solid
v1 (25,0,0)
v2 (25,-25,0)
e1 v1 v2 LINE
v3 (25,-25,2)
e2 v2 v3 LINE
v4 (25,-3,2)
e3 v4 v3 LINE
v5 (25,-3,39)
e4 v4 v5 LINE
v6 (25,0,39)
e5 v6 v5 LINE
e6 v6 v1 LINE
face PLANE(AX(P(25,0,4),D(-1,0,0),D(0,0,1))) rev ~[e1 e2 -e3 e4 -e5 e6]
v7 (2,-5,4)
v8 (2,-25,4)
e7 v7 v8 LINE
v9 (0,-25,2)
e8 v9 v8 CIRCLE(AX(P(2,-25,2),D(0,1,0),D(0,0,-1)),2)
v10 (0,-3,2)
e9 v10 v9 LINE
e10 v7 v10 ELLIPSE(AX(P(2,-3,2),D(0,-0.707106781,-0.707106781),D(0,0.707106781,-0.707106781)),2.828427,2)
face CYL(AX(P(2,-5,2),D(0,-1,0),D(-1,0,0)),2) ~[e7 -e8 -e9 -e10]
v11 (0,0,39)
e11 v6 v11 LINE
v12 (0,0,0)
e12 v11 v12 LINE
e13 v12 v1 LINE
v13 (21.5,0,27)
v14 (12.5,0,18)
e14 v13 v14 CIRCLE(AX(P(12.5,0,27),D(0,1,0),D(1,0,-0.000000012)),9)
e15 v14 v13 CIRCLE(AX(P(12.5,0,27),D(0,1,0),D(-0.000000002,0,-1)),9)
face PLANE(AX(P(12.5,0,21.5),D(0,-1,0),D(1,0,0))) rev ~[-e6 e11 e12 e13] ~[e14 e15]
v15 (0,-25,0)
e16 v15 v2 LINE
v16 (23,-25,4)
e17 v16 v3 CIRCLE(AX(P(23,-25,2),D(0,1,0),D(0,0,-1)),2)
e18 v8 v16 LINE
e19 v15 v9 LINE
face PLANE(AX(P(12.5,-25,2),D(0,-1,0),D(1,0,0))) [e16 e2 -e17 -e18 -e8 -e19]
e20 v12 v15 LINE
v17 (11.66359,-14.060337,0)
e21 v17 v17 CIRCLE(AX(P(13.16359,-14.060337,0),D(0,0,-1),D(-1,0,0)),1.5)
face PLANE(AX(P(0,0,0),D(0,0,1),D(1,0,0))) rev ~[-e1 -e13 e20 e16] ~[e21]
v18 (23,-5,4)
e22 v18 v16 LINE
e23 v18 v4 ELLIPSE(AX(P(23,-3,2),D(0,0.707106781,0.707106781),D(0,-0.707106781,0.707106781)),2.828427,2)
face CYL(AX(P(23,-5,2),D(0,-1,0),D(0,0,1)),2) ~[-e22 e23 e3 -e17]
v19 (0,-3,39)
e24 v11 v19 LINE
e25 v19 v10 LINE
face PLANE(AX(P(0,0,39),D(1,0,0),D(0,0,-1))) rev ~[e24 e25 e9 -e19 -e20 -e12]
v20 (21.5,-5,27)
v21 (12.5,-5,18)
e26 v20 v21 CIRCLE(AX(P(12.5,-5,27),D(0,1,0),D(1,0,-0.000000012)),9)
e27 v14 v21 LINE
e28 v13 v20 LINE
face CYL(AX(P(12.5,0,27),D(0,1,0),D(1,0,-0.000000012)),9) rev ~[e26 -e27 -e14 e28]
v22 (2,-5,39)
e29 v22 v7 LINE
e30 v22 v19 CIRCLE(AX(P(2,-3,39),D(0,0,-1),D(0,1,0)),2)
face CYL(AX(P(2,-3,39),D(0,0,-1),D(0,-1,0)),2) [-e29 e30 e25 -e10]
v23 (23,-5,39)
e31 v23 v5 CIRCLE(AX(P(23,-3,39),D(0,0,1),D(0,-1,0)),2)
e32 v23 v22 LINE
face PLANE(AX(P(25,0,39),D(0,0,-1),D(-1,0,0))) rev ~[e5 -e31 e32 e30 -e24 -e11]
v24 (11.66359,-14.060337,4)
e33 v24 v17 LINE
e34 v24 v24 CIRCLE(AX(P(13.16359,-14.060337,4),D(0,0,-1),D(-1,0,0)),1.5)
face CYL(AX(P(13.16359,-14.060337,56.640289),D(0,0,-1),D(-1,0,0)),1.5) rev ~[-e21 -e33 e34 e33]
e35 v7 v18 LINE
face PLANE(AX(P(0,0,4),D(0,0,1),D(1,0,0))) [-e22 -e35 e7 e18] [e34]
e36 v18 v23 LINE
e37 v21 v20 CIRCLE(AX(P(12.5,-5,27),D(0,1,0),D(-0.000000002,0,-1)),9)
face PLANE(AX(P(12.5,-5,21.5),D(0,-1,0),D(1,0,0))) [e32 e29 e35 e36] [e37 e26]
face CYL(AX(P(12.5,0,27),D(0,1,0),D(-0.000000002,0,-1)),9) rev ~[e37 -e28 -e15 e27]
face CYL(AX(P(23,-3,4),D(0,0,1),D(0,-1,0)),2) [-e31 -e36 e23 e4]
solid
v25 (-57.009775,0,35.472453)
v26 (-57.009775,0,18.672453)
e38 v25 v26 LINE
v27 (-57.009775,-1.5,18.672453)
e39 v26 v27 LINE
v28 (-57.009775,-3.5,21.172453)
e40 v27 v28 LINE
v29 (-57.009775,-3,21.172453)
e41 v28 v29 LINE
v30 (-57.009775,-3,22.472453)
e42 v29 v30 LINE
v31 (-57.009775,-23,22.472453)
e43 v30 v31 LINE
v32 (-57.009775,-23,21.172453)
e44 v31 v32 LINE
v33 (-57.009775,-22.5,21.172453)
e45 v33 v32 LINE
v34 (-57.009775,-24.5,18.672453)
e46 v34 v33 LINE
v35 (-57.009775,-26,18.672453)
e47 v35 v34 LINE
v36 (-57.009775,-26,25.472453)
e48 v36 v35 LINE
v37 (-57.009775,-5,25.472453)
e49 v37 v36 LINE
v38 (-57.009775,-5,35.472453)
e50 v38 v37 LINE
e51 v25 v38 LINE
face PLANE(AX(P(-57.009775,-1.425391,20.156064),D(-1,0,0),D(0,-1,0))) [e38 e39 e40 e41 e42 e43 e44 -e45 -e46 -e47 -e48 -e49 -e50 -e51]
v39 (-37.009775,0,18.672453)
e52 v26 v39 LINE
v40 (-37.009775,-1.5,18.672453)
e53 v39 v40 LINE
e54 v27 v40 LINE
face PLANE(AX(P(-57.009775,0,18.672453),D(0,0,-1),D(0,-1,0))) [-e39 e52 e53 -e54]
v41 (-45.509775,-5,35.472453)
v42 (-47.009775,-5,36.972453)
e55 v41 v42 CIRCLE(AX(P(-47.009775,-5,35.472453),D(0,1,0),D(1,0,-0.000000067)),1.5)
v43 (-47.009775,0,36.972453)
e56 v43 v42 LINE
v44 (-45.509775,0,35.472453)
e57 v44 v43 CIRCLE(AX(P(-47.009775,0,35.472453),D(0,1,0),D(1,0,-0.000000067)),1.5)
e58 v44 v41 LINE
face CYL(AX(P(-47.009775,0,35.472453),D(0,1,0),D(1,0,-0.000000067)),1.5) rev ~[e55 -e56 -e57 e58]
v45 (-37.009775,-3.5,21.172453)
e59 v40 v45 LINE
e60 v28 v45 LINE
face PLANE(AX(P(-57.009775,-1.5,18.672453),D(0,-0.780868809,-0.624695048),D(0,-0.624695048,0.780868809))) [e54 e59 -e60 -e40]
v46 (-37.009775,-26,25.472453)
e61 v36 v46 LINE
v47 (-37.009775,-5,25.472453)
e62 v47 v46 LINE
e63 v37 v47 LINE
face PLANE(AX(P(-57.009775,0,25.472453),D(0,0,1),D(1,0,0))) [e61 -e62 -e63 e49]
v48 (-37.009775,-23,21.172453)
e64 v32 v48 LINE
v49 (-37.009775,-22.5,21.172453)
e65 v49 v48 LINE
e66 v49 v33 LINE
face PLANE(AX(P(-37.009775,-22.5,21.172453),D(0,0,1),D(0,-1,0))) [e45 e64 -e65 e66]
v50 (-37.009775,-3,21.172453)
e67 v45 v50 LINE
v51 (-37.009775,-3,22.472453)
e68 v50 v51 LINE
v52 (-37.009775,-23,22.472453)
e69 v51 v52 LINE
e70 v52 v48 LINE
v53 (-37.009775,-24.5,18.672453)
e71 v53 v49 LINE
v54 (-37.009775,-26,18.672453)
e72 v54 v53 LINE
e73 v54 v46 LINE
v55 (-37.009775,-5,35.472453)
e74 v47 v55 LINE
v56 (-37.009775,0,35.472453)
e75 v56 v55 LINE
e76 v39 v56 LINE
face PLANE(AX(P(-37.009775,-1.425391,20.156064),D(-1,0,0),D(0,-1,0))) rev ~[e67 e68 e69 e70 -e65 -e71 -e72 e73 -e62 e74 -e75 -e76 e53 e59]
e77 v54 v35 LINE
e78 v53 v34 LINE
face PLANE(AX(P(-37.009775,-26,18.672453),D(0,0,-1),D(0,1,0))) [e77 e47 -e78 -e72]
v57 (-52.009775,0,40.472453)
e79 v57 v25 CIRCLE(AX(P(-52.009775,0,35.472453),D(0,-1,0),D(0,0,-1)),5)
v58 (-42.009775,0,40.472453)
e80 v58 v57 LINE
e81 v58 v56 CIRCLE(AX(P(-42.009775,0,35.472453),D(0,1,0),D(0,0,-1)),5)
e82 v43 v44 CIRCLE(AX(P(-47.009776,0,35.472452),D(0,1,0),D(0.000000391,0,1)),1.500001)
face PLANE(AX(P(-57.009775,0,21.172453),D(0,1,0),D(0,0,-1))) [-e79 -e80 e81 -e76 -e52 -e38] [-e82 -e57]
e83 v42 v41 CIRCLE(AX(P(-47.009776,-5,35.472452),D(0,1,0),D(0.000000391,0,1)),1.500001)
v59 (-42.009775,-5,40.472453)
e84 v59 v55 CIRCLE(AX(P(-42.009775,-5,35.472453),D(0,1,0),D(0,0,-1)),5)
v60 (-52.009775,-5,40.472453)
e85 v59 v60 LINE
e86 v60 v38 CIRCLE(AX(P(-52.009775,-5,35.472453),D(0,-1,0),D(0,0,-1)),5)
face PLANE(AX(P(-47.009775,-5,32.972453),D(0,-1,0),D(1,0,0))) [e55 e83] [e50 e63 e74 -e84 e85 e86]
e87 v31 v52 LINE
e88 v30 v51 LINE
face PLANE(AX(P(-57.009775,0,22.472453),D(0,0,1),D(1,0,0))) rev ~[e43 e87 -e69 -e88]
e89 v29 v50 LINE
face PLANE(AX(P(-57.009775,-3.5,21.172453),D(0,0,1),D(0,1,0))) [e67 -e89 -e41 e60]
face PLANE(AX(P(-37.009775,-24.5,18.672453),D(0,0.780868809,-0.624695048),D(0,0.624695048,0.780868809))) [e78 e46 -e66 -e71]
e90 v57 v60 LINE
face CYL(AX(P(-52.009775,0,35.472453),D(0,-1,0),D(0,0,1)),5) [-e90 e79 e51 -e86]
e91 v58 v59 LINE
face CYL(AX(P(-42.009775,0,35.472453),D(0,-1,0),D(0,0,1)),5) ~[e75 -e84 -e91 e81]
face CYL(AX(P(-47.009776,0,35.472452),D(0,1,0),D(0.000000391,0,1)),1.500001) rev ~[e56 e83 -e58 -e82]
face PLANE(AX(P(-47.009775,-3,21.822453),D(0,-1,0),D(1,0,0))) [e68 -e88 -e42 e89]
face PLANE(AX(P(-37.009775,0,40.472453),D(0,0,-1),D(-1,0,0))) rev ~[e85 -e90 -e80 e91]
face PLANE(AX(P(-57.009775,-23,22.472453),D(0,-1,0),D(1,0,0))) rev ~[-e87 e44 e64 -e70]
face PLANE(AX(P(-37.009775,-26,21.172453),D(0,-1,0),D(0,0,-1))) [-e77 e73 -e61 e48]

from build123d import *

# Parameters (mm, degrees)
F1_DEPTH  = 5
F0_W      = 20
F0_H      = 3
F2_DEPTH  = 26
F0_H_2    = 1.3
F3_DEPTH  = 3
F4_W      = 20
F4_H      = 3
F5_DEPTH  = 1.3
F8_DEPTH  = 20
F9_DEPTH  = 20
F10_R     = 5
F11_R     = 5
F12_W     = 25
F12_H     = 4
F13_DEPTH = 25
F14_DEPTH = 5
F16_D     = 3
F17_R     = 2
F18_R     = 2


with BuildPart() as f1:
    # F0 (on Front) → F1 (new body)
    with BuildSketch(Plane.XZ):
        Polygon((-47.009775, 40.472453), (-57.009775, 40.472453), (-57.009775, 25.472453), (-37.009775, 25.472453), (-37.009775, 40.472453), align=None)
        with BuildLine():
            ThreePointArc((-45.509775, 35.472453), (-48.070435, 34.411793), (-47.009775, 36.972453))
            ThreePointArc((-47.009775, 36.972453), (-45.949115, 36.533113), (-45.509775, 35.472453))
        make_face(mode=Mode.SUBTRACT)
    extrude(amount=F1_DEPTH)

    # F0 (on Front) → F2 (join)
    with BuildSketch(Plane.XZ):
        with Locations((-47.009775, 23.972453)):
            Rectangle(F0_W, F0_H)
    extrude(amount=F2_DEPTH)

    # F0 (on Front) → F3 (join)
    with BuildSketch(Plane.XZ):
        with Locations((-47.009775, 21.822453)):
            Rectangle(F0_W, F0_H_2)
    extrude(amount=F3_DEPTH)

    # F4 (on face) → F5 (join)
    with BuildSketch(Plane(origin=(0, 0, 22.472453), x_dir=(1, 0, 0), z_dir=(0, 0, -1))):
        with Locations((-47.009775, 24.5)):
            Rectangle(F4_W, F4_H)
    extrude(amount=F5_DEPTH)

    # F6 (on face) → F8 (join)
    with BuildSketch(Plane.YZ.offset(-37.009775)):
        Polygon((-23, 21.172453), (-26, 21.172453), (-26, 18.672453), (-24.5, 18.672453), (-22.5, 21.172453), align=None)
    extrude(amount=-F8_DEPTH)

    # F7 (on face) → F9 (join)
    with BuildSketch(Plane(origin=(-57.009775, 0, 0), x_dir=(0, -1, 0), z_dir=(-1, 0, 0))):
        Polygon((3.5, 21.172453), (3, 21.172453), (0, 21.172453), (0, 18.672453), (1.5, 18.672453), align=None)
    extrude(amount=-F9_DEPTH)

    # F10
    f10_edges = [f1.edges().sort_by_distance(p)[0] for p in [
        (-57.009775, -2.5, 40.472453),
    ]]
    fillet(f10_edges, radius=F10_R)

    # F11
    f11_edges = [f1.edges().sort_by_distance(p)[0] for p in [
        (-37.009775, -2.5, 40.472453),
    ]]
    fillet(f11_edges, radius=F11_R)


with BuildPart() as f13:
    # F12 (on Front) → F13 (new body)
    with BuildSketch(Plane.XZ):
        with Locations((12.5, 2)):
            Rectangle(F12_W, F12_H)
    extrude(amount=F13_DEPTH)

    # F12 (on Front) → F14 (join)
    with BuildSketch(Plane.XZ):
        Polygon((0, 18), (0, 4), (25, 4), (25, 39), (0, 39), align=None)
        with BuildLine():
            ThreePointArc((21.5, 27), (18.863961, 20.636039), (12.5, 18))
            ThreePointArc((12.5, 18), (6.136039, 33.363961), (21.5, 27))
        make_face(mode=Mode.SUBTRACT)
    extrude(amount=F14_DEPTH)

    # F16 (through all)
    with Locations(Plane.XY.offset(4)):
        with Locations((13.16359, -14.060337)):
            Hole(F16_D / 2)

    # F17
    f17_edges = [f13.edges().sort_by_distance(p)[0] for p in [
        (25, -15, 4),
        (25, -5, 21.5),
    ]]
    fillet(f17_edges, radius=F17_R)

    # F18
    f18_edges = [f13.edges().sort_by_distance(p)[0] for p in [
        (0, -5, 21.5),
        (0, -15, 4),
    ]]
    fillet(f18_edges, radius=F18_R)


solid = Compound([f1.part, f13.part])
